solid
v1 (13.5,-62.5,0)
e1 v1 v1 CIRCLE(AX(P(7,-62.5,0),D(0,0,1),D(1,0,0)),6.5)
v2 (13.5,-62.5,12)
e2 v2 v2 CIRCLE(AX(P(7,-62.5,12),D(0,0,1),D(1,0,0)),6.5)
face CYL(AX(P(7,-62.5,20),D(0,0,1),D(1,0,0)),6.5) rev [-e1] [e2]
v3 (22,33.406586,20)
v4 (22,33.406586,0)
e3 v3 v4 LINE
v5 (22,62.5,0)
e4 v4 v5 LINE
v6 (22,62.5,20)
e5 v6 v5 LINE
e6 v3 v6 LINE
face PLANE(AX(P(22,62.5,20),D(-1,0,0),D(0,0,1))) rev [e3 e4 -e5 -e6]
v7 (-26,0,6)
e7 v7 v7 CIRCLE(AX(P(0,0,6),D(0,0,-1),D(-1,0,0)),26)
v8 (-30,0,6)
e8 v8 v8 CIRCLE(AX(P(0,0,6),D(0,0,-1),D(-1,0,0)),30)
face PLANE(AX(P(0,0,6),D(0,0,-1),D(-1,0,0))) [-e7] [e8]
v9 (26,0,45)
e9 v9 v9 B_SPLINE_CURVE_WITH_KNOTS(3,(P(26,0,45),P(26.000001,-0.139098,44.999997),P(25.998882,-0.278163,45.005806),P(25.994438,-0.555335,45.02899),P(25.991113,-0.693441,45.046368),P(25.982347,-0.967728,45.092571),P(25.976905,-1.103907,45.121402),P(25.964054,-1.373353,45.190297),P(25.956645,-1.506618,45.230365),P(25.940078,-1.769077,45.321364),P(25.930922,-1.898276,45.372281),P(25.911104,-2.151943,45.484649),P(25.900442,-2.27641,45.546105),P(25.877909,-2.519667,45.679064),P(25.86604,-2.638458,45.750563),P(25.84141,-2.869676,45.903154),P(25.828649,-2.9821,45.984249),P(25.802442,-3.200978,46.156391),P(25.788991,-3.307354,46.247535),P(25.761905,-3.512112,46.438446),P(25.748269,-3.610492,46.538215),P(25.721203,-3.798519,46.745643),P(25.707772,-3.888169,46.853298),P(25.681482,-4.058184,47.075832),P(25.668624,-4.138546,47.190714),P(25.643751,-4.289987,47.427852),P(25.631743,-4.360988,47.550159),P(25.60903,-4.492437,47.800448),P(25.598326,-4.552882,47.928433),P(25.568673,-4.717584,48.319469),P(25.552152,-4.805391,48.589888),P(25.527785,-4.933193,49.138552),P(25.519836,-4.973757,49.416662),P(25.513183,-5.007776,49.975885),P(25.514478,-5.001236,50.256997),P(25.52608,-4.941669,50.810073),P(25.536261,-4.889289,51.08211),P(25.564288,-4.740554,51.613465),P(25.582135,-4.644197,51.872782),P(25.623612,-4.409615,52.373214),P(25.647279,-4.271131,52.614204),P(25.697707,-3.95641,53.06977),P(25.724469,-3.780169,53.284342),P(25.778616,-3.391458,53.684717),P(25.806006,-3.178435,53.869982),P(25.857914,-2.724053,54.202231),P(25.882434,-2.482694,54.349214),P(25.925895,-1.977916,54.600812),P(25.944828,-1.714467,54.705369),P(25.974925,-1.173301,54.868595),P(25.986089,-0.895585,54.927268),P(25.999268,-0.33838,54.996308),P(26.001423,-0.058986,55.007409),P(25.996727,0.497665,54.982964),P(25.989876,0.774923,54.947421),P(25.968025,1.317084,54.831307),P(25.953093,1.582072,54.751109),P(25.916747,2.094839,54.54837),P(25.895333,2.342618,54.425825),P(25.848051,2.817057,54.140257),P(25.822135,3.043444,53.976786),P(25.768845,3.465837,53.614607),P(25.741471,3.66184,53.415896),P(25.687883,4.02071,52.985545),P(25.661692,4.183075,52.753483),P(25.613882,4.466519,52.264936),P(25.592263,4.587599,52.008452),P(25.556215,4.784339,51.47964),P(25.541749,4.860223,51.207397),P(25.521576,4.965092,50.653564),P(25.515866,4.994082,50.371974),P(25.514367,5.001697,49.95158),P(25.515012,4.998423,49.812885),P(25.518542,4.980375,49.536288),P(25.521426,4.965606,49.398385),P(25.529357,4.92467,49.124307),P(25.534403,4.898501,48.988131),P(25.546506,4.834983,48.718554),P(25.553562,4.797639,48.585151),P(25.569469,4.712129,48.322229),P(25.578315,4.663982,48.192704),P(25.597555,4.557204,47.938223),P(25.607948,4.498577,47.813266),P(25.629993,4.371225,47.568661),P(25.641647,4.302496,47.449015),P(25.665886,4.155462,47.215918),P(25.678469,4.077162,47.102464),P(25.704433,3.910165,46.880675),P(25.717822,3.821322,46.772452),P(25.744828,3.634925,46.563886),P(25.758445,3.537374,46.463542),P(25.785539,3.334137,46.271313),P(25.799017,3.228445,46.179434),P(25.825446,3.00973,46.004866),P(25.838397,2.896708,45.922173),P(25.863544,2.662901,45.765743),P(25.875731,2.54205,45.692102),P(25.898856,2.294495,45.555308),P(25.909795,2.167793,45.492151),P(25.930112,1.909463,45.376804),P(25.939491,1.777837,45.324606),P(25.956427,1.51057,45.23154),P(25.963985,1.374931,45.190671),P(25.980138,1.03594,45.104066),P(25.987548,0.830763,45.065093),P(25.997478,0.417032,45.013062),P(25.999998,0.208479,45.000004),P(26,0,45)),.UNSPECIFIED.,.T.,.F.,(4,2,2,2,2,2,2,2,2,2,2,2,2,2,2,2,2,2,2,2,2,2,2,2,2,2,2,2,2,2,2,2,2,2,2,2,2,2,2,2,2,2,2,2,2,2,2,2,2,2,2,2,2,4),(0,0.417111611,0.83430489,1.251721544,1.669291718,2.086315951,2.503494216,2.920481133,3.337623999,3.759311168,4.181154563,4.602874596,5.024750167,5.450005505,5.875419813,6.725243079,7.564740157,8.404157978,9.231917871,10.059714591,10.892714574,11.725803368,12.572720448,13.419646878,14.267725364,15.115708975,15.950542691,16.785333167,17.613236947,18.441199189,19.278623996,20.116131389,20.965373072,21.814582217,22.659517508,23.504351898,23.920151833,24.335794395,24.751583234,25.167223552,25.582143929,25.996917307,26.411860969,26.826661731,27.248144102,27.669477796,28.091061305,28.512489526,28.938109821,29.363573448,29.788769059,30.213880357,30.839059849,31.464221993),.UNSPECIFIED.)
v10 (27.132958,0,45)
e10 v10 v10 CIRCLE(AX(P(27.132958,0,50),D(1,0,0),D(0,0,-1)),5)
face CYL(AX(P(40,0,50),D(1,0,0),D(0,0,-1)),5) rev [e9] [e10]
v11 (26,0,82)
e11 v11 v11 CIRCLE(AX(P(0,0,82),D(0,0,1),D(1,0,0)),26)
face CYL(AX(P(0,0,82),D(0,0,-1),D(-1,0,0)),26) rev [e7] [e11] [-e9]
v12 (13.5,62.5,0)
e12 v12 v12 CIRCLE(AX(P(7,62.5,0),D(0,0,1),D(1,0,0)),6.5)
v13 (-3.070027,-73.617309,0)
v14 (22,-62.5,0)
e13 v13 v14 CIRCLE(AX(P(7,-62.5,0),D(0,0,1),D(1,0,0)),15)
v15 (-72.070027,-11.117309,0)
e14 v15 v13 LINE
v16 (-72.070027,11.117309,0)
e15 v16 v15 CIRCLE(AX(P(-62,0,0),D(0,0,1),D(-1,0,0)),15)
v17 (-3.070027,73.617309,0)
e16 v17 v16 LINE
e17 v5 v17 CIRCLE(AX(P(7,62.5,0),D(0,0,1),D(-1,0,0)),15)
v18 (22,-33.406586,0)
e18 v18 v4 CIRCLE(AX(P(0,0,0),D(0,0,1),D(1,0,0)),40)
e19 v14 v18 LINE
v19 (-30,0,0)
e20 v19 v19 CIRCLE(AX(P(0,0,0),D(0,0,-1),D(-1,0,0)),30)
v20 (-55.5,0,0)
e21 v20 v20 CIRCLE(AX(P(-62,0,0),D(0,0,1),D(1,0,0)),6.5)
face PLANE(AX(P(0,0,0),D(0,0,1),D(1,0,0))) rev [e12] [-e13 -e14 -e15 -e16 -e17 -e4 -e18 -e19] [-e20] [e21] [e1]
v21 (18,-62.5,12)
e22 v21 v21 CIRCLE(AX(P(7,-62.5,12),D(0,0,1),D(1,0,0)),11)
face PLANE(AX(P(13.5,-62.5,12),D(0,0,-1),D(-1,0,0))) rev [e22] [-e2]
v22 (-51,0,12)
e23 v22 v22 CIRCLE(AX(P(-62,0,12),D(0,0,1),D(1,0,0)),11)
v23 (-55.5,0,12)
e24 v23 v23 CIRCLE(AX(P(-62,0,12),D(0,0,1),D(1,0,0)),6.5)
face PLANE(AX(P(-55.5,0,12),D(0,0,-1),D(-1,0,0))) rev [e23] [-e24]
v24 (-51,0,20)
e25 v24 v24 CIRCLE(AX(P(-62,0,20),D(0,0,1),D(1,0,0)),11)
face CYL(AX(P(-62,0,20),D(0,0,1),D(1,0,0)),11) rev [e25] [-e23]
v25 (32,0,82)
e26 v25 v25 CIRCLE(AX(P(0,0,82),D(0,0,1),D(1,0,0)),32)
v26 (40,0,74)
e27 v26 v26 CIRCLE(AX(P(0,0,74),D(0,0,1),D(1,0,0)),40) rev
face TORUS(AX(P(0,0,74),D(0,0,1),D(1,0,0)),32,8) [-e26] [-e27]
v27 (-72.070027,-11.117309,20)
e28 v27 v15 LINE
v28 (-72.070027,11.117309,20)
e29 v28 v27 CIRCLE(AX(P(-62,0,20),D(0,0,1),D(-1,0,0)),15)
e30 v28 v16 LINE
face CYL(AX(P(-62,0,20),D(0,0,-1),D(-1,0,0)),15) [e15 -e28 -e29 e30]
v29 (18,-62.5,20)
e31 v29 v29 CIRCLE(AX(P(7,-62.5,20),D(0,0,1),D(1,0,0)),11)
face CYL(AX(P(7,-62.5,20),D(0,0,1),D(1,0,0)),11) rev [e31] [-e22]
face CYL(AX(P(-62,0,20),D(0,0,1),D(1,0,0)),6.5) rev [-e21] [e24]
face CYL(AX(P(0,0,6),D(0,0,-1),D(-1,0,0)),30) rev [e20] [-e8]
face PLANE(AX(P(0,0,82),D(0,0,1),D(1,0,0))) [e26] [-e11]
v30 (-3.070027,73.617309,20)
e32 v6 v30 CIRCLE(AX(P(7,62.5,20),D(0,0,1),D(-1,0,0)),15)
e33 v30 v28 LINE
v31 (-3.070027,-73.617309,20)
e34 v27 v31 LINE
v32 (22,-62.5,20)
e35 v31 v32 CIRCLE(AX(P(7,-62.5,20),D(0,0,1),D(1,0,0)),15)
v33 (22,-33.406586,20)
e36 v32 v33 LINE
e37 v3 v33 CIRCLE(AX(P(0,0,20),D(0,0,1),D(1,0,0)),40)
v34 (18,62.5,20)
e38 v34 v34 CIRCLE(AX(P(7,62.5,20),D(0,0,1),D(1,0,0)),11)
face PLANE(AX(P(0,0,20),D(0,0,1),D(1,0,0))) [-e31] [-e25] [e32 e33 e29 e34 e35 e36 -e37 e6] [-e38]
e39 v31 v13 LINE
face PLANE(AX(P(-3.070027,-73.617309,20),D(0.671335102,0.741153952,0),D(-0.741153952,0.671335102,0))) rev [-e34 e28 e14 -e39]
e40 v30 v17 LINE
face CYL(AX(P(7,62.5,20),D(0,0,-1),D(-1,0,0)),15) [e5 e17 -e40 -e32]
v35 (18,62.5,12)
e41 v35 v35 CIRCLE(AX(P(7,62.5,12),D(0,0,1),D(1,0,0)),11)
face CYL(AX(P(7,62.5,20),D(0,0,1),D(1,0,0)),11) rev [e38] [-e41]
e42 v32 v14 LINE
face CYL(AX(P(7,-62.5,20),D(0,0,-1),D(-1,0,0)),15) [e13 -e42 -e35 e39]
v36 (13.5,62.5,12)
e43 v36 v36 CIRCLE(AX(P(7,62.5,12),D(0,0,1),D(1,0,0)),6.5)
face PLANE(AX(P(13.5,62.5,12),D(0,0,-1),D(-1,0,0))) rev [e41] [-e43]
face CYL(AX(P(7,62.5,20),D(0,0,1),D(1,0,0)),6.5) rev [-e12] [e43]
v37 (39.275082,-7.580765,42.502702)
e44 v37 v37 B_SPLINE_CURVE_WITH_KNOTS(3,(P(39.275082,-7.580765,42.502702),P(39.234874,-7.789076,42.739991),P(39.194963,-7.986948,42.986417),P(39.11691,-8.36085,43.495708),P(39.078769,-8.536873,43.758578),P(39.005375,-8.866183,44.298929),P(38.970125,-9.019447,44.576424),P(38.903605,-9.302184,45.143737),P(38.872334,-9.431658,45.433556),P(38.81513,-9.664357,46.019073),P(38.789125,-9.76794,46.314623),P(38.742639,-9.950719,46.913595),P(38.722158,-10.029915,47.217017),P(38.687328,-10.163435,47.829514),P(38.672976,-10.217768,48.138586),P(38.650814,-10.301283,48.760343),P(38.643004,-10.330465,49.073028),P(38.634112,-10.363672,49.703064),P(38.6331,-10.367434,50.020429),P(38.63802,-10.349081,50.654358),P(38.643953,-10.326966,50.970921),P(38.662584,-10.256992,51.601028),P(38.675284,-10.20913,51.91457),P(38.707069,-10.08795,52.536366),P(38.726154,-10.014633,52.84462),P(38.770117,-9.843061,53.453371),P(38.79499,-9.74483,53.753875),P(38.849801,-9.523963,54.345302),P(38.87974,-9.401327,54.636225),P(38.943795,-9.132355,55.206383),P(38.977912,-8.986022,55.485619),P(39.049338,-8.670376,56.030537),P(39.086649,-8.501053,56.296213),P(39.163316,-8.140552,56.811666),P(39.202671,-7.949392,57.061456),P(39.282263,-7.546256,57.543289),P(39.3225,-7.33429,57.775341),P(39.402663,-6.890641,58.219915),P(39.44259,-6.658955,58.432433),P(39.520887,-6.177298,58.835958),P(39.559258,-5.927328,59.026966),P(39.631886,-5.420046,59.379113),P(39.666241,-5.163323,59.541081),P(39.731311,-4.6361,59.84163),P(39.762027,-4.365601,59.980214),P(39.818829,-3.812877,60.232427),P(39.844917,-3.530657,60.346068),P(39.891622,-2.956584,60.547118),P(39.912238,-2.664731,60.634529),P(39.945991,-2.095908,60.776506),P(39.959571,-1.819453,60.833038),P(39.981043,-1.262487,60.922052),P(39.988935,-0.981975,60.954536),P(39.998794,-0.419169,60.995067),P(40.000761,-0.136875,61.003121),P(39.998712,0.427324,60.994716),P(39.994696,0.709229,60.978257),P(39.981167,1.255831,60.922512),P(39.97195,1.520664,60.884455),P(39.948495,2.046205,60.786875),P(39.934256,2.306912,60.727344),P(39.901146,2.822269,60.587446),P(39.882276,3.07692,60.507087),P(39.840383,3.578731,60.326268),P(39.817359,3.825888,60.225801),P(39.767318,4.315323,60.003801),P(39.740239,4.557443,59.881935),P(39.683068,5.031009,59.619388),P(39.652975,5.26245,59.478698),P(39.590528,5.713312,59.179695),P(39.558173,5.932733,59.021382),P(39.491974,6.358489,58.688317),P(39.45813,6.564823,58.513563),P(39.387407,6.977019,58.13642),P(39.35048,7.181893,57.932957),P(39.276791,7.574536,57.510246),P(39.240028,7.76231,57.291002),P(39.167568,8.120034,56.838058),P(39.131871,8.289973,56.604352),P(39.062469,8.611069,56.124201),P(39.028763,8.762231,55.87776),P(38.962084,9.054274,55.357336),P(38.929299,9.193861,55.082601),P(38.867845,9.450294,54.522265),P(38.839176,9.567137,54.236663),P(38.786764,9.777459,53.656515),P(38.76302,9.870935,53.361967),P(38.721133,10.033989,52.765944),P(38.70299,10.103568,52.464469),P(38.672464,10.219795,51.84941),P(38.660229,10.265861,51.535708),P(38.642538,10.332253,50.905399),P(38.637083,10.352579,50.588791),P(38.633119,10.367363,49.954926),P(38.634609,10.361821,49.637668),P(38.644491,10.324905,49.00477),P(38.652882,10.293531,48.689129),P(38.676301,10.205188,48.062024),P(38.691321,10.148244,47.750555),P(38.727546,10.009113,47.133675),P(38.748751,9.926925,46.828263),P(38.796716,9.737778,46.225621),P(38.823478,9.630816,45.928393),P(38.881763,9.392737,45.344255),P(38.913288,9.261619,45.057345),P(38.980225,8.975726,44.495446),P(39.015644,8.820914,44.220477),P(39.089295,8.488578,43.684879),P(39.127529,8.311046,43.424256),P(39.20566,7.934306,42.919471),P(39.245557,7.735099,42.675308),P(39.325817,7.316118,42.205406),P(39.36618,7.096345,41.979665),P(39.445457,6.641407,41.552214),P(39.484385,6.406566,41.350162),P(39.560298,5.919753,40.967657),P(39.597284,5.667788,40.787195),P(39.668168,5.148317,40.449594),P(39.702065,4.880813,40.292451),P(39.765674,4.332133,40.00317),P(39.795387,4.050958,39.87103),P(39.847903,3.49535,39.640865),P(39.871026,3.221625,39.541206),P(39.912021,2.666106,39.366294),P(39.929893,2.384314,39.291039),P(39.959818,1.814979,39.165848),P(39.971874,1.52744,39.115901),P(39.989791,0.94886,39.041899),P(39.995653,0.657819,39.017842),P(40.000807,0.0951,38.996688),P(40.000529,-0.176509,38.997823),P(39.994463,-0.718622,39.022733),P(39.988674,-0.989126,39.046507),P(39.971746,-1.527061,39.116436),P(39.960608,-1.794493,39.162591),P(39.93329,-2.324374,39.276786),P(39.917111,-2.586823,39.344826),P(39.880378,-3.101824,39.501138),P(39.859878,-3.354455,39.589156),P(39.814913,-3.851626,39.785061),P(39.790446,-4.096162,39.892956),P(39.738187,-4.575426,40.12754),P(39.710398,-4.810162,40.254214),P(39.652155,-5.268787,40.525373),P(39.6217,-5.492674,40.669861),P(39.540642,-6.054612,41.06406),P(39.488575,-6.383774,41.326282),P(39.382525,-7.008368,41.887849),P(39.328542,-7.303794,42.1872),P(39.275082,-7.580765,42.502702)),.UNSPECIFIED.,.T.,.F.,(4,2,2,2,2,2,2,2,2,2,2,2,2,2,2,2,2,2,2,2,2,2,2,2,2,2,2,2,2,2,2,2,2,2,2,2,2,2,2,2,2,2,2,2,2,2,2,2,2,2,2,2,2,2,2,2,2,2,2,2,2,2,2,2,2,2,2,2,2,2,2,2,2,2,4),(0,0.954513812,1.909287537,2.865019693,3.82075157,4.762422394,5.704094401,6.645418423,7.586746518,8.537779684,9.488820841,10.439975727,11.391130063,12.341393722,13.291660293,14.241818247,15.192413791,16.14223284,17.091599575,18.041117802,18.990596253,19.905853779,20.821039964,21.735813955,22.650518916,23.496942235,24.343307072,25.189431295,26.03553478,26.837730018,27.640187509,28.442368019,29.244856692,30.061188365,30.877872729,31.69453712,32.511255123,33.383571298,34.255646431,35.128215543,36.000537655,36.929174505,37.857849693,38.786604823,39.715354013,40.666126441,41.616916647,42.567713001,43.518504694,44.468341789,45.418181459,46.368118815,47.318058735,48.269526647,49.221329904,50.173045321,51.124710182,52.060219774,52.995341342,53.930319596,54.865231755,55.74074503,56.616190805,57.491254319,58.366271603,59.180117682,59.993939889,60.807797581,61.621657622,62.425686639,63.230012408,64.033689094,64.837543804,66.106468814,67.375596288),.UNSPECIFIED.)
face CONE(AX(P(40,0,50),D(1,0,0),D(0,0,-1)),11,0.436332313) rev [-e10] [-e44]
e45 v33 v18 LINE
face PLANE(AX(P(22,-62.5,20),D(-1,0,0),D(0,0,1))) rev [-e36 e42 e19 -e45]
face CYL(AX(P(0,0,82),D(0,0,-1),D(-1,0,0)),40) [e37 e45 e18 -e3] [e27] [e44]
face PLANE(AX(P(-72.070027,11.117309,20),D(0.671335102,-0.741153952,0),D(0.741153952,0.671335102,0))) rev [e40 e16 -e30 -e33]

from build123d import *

# Parameters (mm, degrees)
SKETCH1_R                                         = 40
SKETCH1_R_2                                       = 26
BOSS_EXTRUDE1_DEPTH                               = 82
BOSS_EXTRUDE2_DEPTH                               = 20
SKETCH4_R                                         = 26
CUT_EXTRUDE1_DEPTH                                = 22
CBORE_FOR_M10_HEX_HEAD_BOLT2_D                    = 13
CBORE_FOR_M10_HEX_HEAD_BOLT2_CBORE_D              = 22
CBORE_FOR_M10_HEX_HEAD_BOLT2_CBORE_DEPTH          = 8
FILLET1_R                                         = 8
CSK_FOR_M10_FLAT_HEAD_MACHINE_SCREW12_D           = 10
CSK_FOR_M10_FLAT_HEAD_MACHINE_SCREW12_DEPTH       = 30
CSK_FOR_M10_FLAT_HEAD_MACHINE_SCREW12_CSINK_D     = 22
CSK_FOR_M10_FLAT_HEAD_MACHINE_SCREW12_CSINK_ANGLE = 50
CSK_FOR_M10_FLAT_HEAD_MACHINE_SCREW12_TIP         = 3.004303095
SKETCH22_R                                        = 30
CUT_EXTRUDE2_DEPTH                                = 6


with BuildPart() as part:
    # Sketch1 → Boss-Extrude1 (new body)
    with BuildSketch(Plane(origin=(0, 0, 0), x_dir=(0, 1, 0), z_dir=(0, 0, 1))):
        with Locations(Location((0, 0, 0), (0, 0, 270))):
            Circle(SKETCH1_R)
        with Locations(Location((0, 0, 0), (0, 0, 270))):
            Circle(SKETCH1_R_2, mode=Mode.SUBTRACT)
    extrude(amount=BOSS_EXTRUDE1_DEPTH)

    # Sketch2 → Boss-Extrude2 (add)
    with BuildSketch(Plane(origin=(0, 0, 0), x_dir=(0, 1, 0), z_dir=(0, 0, 1))):
        with BuildLine():
            Line((-73.617309286, 3.070026527), (-11.117309286, 72.070026527))
            ThreePointArc((-11.117309286, 72.070026527), (0, 77), (11.117309286, 72.070026527))
            Line((11.117309286, 72.070026527), (73.617309286, 3.070026527))
            ThreePointArc((73.617309286, 3.070026527), (76.212228081, -13.080690837), (62.5, -22))
            Line((62.5, -22), (33.406586177, -22))
            ThreePointArc((33.406586177, -22), (0, -40), (-33.406586177, -22))
            Line((-33.406586177, -22), (-62.5, -22))
            ThreePointArc((-62.5, -22), (-76.212228081, -13.080690837), (-73.617309286, 3.070026527))
        make_face()
    extrude(amount=BOSS_EXTRUDE2_DEPTH)

    # Sketch4 → Cut-Extrude1 (cut)
    with BuildSketch(Plane.XY.offset(20)):
        Circle(SKETCH4_R)
    extrude(amount=-CUT_EXTRUDE1_DEPTH, mode=Mode.SUBTRACT)

    # CBORE for M10 Hex Head Bolt2 (through all)
    with Locations(Plane(origin=(-62, 0, 20), x_dir=(1, 0, 0), z_dir=(0, 0, 1))):
        with Locations((0, 0), (69, 62.5), (69, -62.5)):
            CounterBoreHole(CBORE_FOR_M10_HEX_HEAD_BOLT2_D / 2, CBORE_FOR_M10_HEX_HEAD_BOLT2_CBORE_D / 2, CBORE_FOR_M10_HEX_HEAD_BOLT2_CBORE_DEPTH)

    # Fillet1
    fillet1_edges = [part.edges().sort_by_distance(p)[0] for p in [
        (-40, 0, 82),
    ]]
    fillet(fillet1_edges, radius=FILLET1_R)

    # CSK for M10 Flat Head Machine Screw12
    with Locations(Plane.YZ.offset(40)):
        with Locations((0, 50)):
            CounterSinkHole(CSK_FOR_M10_FLAT_HEAD_MACHINE_SCREW12_D / 2, CSK_FOR_M10_FLAT_HEAD_MACHINE_SCREW12_CSINK_D / 2, depth=CSK_FOR_M10_FLAT_HEAD_MACHINE_SCREW12_DEPTH, counter_sink_angle=CSK_FOR_M10_FLAT_HEAD_MACHINE_SCREW12_CSINK_ANGLE)
            with Locations((0, 0, -(CSK_FOR_M10_FLAT_HEAD_MACHINE_SCREW12_DEPTH + CSK_FOR_M10_FLAT_HEAD_MACHINE_SCREW12_TIP / 2))):  # 118° drill point
                Cone(0, CSK_FOR_M10_FLAT_HEAD_MACHINE_SCREW12_D / 2, CSK_FOR_M10_FLAT_HEAD_MACHINE_SCREW12_TIP, mode=Mode.SUBTRACT)

    # Sketch22 → Cut-Extrude2 (cut)
    with BuildSketch(Plane(origin=(0, 0, 0), x_dir=(1, 0, 0), z_dir=(0, 0, -1))):
        with Locations(Location((0, 0, 0), (0, 0, 180))):
            Circle(SKETCH22_R)
    extrude(amount=-CUT_EXTRUDE2_DEPTH, mode=Mode.SUBTRACT)


solid = part.part
